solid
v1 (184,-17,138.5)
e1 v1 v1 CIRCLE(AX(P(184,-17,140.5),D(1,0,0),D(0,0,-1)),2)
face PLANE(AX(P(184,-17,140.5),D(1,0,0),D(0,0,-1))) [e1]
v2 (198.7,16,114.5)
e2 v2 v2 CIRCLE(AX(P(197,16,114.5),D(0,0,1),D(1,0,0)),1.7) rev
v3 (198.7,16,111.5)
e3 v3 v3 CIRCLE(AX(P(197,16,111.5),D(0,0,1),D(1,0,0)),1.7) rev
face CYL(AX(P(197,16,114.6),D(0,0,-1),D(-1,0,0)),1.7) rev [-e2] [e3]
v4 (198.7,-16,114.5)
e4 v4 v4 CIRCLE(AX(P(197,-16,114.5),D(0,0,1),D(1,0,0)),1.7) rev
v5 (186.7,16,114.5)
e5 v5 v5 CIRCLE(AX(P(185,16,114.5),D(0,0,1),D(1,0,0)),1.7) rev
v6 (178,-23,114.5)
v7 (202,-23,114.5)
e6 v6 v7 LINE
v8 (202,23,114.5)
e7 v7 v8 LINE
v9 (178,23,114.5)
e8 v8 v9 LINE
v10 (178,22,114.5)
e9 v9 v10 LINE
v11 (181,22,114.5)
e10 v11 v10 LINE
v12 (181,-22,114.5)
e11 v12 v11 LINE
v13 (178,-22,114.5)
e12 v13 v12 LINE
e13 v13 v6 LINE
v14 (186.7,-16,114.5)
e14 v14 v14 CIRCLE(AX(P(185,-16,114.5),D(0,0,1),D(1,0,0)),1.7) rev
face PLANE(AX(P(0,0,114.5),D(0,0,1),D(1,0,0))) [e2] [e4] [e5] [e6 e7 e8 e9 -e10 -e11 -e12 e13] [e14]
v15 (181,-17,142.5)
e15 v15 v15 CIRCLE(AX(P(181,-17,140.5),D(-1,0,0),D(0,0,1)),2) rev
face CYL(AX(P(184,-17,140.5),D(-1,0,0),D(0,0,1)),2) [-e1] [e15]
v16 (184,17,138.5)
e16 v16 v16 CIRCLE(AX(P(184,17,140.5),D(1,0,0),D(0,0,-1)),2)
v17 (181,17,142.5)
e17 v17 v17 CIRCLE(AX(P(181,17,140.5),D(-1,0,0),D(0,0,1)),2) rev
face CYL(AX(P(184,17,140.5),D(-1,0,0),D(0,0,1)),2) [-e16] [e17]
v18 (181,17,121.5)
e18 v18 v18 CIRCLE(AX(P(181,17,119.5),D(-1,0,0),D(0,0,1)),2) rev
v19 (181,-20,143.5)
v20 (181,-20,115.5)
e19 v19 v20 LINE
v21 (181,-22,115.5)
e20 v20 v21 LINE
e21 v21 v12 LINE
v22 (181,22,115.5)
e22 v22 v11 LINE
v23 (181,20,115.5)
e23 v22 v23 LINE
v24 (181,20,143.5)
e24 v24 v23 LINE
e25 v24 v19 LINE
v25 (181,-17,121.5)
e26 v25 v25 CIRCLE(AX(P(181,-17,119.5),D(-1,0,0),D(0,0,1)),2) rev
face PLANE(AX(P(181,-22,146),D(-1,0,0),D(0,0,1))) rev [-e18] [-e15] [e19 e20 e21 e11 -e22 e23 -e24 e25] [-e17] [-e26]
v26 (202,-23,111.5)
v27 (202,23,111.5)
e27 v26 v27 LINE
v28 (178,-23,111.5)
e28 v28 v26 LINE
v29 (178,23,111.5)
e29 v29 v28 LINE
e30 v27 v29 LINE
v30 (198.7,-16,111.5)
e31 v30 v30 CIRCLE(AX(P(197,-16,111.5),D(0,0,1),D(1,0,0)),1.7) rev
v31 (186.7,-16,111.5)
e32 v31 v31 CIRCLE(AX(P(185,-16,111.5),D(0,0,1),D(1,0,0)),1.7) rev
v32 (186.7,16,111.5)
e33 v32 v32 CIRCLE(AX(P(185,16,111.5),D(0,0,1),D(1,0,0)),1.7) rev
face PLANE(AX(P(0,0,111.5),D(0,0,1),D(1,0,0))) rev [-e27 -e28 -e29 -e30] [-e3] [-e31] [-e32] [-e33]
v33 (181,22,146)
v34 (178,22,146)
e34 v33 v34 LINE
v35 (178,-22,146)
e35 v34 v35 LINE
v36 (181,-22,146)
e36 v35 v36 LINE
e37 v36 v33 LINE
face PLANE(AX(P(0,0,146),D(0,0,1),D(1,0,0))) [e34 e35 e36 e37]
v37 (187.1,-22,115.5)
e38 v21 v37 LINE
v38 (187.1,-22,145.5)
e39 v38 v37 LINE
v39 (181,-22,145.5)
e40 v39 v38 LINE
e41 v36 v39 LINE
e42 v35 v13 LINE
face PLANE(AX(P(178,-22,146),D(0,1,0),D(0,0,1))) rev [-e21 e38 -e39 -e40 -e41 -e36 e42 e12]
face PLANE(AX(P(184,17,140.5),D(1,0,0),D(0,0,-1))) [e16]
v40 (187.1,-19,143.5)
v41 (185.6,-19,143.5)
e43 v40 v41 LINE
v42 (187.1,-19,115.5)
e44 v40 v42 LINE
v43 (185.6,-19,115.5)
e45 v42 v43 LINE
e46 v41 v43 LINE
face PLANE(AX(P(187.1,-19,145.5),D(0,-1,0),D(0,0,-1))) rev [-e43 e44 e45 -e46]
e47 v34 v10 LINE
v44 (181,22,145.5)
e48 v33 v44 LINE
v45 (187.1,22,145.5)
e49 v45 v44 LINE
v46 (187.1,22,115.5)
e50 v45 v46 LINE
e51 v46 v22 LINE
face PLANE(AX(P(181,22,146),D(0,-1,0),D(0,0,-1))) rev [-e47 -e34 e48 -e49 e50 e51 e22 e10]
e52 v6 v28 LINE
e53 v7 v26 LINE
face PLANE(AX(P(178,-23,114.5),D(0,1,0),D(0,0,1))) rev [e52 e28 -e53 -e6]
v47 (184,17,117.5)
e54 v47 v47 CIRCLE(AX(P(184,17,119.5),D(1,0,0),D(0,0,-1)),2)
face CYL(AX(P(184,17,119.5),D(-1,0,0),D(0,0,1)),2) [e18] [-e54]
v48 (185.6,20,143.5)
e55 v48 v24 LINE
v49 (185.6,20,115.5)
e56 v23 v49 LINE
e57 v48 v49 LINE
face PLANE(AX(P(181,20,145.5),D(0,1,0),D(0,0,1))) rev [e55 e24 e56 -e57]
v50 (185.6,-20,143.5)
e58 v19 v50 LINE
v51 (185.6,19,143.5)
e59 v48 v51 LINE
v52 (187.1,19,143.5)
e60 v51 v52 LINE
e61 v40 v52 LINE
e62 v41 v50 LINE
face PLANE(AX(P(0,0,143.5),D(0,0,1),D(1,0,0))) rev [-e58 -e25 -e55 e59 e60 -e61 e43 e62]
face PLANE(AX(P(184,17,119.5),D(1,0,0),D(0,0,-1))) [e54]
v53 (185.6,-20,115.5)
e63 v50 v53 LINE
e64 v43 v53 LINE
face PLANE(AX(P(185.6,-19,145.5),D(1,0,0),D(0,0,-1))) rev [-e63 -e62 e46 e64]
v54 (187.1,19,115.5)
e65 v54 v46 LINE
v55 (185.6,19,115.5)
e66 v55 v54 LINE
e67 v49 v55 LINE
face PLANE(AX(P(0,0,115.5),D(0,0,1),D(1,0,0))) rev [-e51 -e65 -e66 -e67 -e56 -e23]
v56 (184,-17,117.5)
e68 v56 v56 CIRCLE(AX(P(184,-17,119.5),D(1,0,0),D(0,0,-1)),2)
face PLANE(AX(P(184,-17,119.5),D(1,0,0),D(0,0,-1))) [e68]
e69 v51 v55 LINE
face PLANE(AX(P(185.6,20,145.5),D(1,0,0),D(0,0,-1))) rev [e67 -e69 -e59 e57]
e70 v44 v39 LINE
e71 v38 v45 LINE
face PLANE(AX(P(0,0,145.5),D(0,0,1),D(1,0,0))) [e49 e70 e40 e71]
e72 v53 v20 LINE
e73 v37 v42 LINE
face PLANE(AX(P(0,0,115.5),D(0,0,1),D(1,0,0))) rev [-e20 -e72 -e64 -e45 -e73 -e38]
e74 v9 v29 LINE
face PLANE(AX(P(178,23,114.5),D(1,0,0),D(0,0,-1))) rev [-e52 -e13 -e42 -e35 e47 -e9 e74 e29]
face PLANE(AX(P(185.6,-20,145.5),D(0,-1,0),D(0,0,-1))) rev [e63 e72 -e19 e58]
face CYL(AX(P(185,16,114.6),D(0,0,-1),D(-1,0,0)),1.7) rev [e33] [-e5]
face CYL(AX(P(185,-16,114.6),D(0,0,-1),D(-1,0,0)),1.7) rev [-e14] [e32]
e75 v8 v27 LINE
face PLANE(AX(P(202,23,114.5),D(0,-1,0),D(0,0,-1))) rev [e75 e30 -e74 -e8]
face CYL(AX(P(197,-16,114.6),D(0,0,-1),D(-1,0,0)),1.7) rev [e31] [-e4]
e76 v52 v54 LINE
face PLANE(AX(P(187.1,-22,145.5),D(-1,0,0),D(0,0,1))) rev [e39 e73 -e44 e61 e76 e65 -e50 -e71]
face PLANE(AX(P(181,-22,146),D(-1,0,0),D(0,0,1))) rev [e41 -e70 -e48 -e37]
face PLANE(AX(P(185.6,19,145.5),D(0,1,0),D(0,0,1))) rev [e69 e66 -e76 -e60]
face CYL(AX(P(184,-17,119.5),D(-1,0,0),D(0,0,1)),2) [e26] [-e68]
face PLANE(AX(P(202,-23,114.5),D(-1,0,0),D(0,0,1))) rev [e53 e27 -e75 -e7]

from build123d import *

# Parameters (mm, degrees)
MOUNTING_FOOT_SKETCH_W      = 24
MOUNTING_FOOT_SKETCH_H      = 46
MOUNTING_FOOT_DEPTH         = 3
BACK_PLATE_SKETCH_W         = 3
BACK_PLATE_SKETCH_H         = 44
BACK_PLATE_DEPTH            = 31.5
CLIP_RAILS_DEPTH            = 30
TOP_RETAINING_RAIL_SKETCH_W = 6.1
TOP_RETAINING_RAIL_SKETCH_H = 40
TOP_RETAINING_RAIL_DEPTH    = 2
PCB_SUPPORT_SKETCH_R        = 2
PCB_SUPPORTS_DEPTH          = 3
MOUNTING_HOLES_SKETCH_R     = 1.7
MOUNTING_HOLES_DEPTH        = 3.2


with BuildPart() as part:
    # Mounting Foot Sketch → Mounting Foot (new body)
    with BuildSketch(Plane.XY.offset(111.5)):
        with Locations((190, 0)):
            Rectangle(MOUNTING_FOOT_SKETCH_W, MOUNTING_FOOT_SKETCH_H)
    extrude(amount=MOUNTING_FOOT_DEPTH)

    # Back Plate Sketch → Back Plate (add)
    with BuildSketch(Plane.XY.offset(114.5)):
        with Locations((179.5, 0)):
            Rectangle(BACK_PLATE_SKETCH_W, BACK_PLATE_SKETCH_H)
    extrude(amount=BACK_PLATE_DEPTH)

    # Clip Rail Sketch → Clip Rails (add)
    with BuildSketch(Plane.XY.offset(115.5)):
        Polygon((181, -22), (187.1, -22), (187.1, -19), (185.6, -19), (185.6, -20), (181, -20), align=None)
        Polygon((181, 20), (185.6, 20), (185.6, 19), (187.1, 19), (187.1, 22), (181, 22), align=None)
    extrude(amount=CLIP_RAILS_DEPTH)

    # Top Retaining Rail Sketch → Top Retaining Rail (add)
    with BuildSketch(Plane.XY.offset(143.5)):
        with Locations((184.05, 0)):
            Rectangle(TOP_RETAINING_RAIL_SKETCH_W, TOP_RETAINING_RAIL_SKETCH_H)
    extrude(amount=TOP_RETAINING_RAIL_DEPTH)

    # PCB Support Sketch → PCB Supports (add)
    with BuildSketch(Plane(origin=(181, 0, 0), x_dir=(0, 0, -1), z_dir=(1, 0, 0))):
        with Locations(Location((-119.5, -17, 0), (0, 0, 180))):
            Circle(PCB_SUPPORT_SKETCH_R)
        with Locations(Location((-140.5, -17, 0), (0, 0, 180))):
            Circle(PCB_SUPPORT_SKETCH_R)
        with Locations(Location((-119.5, 17, 0), (0, 0, 180))):
            Circle(PCB_SUPPORT_SKETCH_R)
        with Locations(Location((-140.5, 17, 0), (0, 0, 180))):
            Circle(PCB_SUPPORT_SKETCH_R)
    extrude(amount=PCB_SUPPORTS_DEPTH)

    # Mounting Holes Sketch → Mounting Holes (cut)
    with BuildSketch(Plane.XY.offset(111.4)):
        with Locations((185, -16)):
            Circle(MOUNTING_HOLES_SKETCH_R)
        with Locations((185, 16)):
            Circle(MOUNTING_HOLES_SKETCH_R)
        with Locations((197, -16)):
            Circle(MOUNTING_HOLES_SKETCH_R)
        with Locations((197, 16)):
            Circle(MOUNTING_HOLES_SKETCH_R)
    extrude(amount=MOUNTING_HOLES_DEPTH, mode=Mode.SUBTRACT)


solid = part.part
